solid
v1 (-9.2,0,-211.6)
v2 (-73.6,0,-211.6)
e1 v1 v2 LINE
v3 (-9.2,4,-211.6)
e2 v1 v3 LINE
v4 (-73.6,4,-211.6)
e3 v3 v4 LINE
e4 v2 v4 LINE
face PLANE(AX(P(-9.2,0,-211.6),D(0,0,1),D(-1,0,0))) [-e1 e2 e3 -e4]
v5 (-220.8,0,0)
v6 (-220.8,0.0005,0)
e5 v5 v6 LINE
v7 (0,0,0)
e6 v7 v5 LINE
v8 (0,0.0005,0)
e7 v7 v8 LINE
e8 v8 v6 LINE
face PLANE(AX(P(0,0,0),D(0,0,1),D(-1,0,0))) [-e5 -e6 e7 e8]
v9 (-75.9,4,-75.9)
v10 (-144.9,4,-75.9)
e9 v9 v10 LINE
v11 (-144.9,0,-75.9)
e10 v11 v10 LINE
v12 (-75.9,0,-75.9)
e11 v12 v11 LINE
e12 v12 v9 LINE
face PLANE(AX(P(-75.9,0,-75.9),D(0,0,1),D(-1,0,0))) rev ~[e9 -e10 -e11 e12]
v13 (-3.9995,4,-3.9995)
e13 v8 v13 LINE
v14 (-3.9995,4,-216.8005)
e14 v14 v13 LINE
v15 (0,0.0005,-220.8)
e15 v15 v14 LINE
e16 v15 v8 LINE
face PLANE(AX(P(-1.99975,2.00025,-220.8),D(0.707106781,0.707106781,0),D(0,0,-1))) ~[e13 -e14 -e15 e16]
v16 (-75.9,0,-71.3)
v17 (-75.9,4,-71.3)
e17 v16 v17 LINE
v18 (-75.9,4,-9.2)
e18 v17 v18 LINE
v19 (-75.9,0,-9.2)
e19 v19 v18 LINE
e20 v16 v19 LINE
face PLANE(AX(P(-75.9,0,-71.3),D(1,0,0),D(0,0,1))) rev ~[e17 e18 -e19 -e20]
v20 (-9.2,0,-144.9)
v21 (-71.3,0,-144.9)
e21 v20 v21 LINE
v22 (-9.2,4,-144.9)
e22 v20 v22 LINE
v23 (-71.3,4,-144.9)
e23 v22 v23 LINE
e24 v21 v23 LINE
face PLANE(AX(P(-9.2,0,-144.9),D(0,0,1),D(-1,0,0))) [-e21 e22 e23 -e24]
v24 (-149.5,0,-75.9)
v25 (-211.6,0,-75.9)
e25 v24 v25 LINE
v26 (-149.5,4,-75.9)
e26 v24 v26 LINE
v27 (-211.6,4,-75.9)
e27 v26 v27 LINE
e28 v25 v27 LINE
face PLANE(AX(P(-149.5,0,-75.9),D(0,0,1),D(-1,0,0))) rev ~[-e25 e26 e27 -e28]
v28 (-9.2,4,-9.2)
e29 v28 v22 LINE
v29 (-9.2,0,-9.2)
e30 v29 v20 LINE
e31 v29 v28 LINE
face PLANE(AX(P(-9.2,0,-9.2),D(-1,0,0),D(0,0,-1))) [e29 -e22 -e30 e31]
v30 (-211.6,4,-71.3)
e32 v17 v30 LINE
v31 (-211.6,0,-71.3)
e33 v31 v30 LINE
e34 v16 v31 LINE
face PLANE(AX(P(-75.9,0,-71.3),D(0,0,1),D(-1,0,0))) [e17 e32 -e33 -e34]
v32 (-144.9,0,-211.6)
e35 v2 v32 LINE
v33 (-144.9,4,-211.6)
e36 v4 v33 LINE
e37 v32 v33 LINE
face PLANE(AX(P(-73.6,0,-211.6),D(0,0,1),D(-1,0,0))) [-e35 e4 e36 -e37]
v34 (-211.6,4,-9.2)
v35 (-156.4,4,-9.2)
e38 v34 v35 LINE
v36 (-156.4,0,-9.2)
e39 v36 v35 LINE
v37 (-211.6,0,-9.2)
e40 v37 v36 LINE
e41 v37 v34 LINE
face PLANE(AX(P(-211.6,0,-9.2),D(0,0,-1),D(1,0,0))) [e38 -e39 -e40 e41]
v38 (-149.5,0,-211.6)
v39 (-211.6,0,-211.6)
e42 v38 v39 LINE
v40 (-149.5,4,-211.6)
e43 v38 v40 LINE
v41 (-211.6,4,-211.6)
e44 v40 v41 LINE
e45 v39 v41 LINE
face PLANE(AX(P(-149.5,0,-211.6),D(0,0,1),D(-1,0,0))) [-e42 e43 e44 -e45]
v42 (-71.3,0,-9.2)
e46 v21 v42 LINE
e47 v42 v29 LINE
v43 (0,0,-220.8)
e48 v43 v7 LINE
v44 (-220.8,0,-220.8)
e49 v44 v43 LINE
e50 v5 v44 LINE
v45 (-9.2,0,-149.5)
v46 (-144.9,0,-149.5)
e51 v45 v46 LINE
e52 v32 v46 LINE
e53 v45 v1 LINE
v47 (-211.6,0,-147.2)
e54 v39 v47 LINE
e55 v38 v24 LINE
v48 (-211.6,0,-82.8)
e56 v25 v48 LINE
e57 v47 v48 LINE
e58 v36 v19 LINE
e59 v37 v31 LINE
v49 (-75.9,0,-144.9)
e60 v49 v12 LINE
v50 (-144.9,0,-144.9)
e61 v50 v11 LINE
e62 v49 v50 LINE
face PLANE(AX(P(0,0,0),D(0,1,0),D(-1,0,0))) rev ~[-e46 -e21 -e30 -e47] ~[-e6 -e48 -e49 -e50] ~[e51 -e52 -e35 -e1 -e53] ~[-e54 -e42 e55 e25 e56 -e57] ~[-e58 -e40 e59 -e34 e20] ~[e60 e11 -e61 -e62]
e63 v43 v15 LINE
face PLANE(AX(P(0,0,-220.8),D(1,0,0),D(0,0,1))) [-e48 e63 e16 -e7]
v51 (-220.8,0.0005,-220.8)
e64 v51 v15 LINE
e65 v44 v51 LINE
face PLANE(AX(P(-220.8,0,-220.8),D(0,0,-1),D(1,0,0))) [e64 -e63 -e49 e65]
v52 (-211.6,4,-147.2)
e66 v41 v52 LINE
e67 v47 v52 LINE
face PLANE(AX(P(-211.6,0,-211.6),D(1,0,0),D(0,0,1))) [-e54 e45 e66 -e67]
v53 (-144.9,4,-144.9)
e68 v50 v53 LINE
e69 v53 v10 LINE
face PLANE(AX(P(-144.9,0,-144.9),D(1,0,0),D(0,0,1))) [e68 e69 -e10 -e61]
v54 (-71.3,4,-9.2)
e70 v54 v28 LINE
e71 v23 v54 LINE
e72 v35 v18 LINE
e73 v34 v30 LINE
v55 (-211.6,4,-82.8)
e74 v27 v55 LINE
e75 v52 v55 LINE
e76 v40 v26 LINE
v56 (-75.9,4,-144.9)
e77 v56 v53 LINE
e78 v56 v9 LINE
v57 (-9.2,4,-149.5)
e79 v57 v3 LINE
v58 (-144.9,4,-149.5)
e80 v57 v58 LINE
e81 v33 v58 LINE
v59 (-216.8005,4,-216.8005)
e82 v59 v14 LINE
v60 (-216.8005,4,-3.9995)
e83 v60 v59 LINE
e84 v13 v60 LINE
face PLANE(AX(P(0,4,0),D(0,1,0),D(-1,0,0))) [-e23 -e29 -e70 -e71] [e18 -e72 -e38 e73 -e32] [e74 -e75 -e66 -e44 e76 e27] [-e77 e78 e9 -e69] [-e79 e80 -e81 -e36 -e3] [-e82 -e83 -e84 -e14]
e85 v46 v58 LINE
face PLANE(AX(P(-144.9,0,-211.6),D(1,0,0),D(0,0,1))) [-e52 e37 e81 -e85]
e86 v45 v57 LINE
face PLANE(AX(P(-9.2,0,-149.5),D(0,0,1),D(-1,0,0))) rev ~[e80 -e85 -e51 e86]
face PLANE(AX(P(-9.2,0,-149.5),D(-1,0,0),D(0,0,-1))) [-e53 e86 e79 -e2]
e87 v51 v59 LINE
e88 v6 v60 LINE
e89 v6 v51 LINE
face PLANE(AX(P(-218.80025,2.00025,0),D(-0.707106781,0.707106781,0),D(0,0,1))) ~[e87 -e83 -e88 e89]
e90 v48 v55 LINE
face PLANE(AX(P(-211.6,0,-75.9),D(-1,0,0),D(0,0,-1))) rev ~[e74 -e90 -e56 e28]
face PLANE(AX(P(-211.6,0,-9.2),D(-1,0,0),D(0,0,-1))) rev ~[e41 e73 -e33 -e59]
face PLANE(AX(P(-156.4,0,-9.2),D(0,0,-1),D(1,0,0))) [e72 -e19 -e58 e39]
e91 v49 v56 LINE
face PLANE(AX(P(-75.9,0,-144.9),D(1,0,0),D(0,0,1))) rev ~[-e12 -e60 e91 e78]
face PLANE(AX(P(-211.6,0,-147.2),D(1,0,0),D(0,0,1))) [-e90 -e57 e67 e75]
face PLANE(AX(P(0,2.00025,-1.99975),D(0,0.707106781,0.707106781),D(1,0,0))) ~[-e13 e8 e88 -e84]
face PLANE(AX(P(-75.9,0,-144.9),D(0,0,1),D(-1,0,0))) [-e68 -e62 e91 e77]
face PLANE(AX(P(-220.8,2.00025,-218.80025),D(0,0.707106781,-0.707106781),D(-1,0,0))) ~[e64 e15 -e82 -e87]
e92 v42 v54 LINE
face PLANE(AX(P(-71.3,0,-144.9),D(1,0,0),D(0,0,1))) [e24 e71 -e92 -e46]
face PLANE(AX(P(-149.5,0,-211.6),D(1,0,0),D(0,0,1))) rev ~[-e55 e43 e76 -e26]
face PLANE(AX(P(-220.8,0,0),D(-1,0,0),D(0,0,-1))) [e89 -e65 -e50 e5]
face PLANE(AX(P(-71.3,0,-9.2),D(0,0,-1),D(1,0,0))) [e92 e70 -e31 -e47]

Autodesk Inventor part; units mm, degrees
ref_plane "YZ Plane" through (0, 0, 0) normal (1, 0, 0) x (0, 1, 0)
ref_plane "XZ Plane" through (0, 0, 0) normal (0, 1, 0) x (-1, 0, 0)
ref_plane "XY Plane" through (0, 0, 0) normal (0, 0, 1) x (1, 0, 0)
sketch "Boceto1" plane through (0, 0, 0) normal (0, 1, 0) x (-1, 0, 0)
  line L0 (0, 0) -> (220.8, 0)
  line L1 (220.8, 0) -> (220.8, -220.8)
  line L2 (220.8, -220.8) -> (0, -220.8)
  line L3 (0, -220.8) -> (0, 0)
  line L4 (211.6, -211.6) -> (211.6, -147.2)
  line L5 (211.6, -9.2) -> (156.4, -9.2)
  line L6 (9.2, -211.6) -> (73.6, -211.6)
  line L7 (73.6, -211.6) -> (73.6, -209.3)
  line L8 (75.9, -71.3) -> (211.6, -71.3)
  line L9 (149.5, -211.6) -> (149.5, -75.9)
  line L10 (211.6, -9.2) -> (211.6, -71.3)
  line L11 (211.6, -75.9) -> (211.6, -82.8)
  line L12 (211.6, -211.6) -> (211.6, -75.9)
  line L13 (211.6, -71.3) -> (211.6, -9.2)
  line L14 (75.9, -75.9) -> (144.9, -75.9)
  line L15 (149.5, -75.9) -> (211.6, -75.9)
  line L16 (9.2, -149.5) -> (144.9, -149.5)
  line L17 (144.9, -211.6) -> (144.9, -149.5)
  line L18 (144.9, -144.9) -> (144.9, -75.9)
  line L19 (71.3, -144.9) -> (71.3, -9.2)
  line L20 (9.2, -144.9) -> (71.3, -144.9)
  line L21 (75.9, -144.9) -> (144.9, -144.9)
  line L22 (75.9, -144.9) -> (75.9, -75.9)
  line L23 (75.9, -71.3) -> (75.9, -9.2)
  line L24 (211.6, -9.2) -> (75.9, -9.2)
  line L25 (71.3, -9.2) -> (9.2, -9.2)
  line L26 (9.2, -9.2) -> (9.2, -144.9)
  line L27 (9.2, -149.5) -> (9.2, -211.6)
  line L28 (9.2, -211.6) -> (144.9, -211.6)
  line L29 (149.5, -211.6) -> (211.6, -211.6)
  dimension "d0" = 220.8
  dimension "d1" = 220.8
extrude "Extrusión1" add sketch "Boceto1" along normal blind 4
chamfer "Chaflán1" distance 4 angle 45 4 edges at (-220.8, 4, -110.4) (-110.4, 4, 0) (0, 4, -110.4) (-110.4, 4, -220.8) measured on face at (-121.9, 4, -217.7333)
properties part number "Lampara2"
